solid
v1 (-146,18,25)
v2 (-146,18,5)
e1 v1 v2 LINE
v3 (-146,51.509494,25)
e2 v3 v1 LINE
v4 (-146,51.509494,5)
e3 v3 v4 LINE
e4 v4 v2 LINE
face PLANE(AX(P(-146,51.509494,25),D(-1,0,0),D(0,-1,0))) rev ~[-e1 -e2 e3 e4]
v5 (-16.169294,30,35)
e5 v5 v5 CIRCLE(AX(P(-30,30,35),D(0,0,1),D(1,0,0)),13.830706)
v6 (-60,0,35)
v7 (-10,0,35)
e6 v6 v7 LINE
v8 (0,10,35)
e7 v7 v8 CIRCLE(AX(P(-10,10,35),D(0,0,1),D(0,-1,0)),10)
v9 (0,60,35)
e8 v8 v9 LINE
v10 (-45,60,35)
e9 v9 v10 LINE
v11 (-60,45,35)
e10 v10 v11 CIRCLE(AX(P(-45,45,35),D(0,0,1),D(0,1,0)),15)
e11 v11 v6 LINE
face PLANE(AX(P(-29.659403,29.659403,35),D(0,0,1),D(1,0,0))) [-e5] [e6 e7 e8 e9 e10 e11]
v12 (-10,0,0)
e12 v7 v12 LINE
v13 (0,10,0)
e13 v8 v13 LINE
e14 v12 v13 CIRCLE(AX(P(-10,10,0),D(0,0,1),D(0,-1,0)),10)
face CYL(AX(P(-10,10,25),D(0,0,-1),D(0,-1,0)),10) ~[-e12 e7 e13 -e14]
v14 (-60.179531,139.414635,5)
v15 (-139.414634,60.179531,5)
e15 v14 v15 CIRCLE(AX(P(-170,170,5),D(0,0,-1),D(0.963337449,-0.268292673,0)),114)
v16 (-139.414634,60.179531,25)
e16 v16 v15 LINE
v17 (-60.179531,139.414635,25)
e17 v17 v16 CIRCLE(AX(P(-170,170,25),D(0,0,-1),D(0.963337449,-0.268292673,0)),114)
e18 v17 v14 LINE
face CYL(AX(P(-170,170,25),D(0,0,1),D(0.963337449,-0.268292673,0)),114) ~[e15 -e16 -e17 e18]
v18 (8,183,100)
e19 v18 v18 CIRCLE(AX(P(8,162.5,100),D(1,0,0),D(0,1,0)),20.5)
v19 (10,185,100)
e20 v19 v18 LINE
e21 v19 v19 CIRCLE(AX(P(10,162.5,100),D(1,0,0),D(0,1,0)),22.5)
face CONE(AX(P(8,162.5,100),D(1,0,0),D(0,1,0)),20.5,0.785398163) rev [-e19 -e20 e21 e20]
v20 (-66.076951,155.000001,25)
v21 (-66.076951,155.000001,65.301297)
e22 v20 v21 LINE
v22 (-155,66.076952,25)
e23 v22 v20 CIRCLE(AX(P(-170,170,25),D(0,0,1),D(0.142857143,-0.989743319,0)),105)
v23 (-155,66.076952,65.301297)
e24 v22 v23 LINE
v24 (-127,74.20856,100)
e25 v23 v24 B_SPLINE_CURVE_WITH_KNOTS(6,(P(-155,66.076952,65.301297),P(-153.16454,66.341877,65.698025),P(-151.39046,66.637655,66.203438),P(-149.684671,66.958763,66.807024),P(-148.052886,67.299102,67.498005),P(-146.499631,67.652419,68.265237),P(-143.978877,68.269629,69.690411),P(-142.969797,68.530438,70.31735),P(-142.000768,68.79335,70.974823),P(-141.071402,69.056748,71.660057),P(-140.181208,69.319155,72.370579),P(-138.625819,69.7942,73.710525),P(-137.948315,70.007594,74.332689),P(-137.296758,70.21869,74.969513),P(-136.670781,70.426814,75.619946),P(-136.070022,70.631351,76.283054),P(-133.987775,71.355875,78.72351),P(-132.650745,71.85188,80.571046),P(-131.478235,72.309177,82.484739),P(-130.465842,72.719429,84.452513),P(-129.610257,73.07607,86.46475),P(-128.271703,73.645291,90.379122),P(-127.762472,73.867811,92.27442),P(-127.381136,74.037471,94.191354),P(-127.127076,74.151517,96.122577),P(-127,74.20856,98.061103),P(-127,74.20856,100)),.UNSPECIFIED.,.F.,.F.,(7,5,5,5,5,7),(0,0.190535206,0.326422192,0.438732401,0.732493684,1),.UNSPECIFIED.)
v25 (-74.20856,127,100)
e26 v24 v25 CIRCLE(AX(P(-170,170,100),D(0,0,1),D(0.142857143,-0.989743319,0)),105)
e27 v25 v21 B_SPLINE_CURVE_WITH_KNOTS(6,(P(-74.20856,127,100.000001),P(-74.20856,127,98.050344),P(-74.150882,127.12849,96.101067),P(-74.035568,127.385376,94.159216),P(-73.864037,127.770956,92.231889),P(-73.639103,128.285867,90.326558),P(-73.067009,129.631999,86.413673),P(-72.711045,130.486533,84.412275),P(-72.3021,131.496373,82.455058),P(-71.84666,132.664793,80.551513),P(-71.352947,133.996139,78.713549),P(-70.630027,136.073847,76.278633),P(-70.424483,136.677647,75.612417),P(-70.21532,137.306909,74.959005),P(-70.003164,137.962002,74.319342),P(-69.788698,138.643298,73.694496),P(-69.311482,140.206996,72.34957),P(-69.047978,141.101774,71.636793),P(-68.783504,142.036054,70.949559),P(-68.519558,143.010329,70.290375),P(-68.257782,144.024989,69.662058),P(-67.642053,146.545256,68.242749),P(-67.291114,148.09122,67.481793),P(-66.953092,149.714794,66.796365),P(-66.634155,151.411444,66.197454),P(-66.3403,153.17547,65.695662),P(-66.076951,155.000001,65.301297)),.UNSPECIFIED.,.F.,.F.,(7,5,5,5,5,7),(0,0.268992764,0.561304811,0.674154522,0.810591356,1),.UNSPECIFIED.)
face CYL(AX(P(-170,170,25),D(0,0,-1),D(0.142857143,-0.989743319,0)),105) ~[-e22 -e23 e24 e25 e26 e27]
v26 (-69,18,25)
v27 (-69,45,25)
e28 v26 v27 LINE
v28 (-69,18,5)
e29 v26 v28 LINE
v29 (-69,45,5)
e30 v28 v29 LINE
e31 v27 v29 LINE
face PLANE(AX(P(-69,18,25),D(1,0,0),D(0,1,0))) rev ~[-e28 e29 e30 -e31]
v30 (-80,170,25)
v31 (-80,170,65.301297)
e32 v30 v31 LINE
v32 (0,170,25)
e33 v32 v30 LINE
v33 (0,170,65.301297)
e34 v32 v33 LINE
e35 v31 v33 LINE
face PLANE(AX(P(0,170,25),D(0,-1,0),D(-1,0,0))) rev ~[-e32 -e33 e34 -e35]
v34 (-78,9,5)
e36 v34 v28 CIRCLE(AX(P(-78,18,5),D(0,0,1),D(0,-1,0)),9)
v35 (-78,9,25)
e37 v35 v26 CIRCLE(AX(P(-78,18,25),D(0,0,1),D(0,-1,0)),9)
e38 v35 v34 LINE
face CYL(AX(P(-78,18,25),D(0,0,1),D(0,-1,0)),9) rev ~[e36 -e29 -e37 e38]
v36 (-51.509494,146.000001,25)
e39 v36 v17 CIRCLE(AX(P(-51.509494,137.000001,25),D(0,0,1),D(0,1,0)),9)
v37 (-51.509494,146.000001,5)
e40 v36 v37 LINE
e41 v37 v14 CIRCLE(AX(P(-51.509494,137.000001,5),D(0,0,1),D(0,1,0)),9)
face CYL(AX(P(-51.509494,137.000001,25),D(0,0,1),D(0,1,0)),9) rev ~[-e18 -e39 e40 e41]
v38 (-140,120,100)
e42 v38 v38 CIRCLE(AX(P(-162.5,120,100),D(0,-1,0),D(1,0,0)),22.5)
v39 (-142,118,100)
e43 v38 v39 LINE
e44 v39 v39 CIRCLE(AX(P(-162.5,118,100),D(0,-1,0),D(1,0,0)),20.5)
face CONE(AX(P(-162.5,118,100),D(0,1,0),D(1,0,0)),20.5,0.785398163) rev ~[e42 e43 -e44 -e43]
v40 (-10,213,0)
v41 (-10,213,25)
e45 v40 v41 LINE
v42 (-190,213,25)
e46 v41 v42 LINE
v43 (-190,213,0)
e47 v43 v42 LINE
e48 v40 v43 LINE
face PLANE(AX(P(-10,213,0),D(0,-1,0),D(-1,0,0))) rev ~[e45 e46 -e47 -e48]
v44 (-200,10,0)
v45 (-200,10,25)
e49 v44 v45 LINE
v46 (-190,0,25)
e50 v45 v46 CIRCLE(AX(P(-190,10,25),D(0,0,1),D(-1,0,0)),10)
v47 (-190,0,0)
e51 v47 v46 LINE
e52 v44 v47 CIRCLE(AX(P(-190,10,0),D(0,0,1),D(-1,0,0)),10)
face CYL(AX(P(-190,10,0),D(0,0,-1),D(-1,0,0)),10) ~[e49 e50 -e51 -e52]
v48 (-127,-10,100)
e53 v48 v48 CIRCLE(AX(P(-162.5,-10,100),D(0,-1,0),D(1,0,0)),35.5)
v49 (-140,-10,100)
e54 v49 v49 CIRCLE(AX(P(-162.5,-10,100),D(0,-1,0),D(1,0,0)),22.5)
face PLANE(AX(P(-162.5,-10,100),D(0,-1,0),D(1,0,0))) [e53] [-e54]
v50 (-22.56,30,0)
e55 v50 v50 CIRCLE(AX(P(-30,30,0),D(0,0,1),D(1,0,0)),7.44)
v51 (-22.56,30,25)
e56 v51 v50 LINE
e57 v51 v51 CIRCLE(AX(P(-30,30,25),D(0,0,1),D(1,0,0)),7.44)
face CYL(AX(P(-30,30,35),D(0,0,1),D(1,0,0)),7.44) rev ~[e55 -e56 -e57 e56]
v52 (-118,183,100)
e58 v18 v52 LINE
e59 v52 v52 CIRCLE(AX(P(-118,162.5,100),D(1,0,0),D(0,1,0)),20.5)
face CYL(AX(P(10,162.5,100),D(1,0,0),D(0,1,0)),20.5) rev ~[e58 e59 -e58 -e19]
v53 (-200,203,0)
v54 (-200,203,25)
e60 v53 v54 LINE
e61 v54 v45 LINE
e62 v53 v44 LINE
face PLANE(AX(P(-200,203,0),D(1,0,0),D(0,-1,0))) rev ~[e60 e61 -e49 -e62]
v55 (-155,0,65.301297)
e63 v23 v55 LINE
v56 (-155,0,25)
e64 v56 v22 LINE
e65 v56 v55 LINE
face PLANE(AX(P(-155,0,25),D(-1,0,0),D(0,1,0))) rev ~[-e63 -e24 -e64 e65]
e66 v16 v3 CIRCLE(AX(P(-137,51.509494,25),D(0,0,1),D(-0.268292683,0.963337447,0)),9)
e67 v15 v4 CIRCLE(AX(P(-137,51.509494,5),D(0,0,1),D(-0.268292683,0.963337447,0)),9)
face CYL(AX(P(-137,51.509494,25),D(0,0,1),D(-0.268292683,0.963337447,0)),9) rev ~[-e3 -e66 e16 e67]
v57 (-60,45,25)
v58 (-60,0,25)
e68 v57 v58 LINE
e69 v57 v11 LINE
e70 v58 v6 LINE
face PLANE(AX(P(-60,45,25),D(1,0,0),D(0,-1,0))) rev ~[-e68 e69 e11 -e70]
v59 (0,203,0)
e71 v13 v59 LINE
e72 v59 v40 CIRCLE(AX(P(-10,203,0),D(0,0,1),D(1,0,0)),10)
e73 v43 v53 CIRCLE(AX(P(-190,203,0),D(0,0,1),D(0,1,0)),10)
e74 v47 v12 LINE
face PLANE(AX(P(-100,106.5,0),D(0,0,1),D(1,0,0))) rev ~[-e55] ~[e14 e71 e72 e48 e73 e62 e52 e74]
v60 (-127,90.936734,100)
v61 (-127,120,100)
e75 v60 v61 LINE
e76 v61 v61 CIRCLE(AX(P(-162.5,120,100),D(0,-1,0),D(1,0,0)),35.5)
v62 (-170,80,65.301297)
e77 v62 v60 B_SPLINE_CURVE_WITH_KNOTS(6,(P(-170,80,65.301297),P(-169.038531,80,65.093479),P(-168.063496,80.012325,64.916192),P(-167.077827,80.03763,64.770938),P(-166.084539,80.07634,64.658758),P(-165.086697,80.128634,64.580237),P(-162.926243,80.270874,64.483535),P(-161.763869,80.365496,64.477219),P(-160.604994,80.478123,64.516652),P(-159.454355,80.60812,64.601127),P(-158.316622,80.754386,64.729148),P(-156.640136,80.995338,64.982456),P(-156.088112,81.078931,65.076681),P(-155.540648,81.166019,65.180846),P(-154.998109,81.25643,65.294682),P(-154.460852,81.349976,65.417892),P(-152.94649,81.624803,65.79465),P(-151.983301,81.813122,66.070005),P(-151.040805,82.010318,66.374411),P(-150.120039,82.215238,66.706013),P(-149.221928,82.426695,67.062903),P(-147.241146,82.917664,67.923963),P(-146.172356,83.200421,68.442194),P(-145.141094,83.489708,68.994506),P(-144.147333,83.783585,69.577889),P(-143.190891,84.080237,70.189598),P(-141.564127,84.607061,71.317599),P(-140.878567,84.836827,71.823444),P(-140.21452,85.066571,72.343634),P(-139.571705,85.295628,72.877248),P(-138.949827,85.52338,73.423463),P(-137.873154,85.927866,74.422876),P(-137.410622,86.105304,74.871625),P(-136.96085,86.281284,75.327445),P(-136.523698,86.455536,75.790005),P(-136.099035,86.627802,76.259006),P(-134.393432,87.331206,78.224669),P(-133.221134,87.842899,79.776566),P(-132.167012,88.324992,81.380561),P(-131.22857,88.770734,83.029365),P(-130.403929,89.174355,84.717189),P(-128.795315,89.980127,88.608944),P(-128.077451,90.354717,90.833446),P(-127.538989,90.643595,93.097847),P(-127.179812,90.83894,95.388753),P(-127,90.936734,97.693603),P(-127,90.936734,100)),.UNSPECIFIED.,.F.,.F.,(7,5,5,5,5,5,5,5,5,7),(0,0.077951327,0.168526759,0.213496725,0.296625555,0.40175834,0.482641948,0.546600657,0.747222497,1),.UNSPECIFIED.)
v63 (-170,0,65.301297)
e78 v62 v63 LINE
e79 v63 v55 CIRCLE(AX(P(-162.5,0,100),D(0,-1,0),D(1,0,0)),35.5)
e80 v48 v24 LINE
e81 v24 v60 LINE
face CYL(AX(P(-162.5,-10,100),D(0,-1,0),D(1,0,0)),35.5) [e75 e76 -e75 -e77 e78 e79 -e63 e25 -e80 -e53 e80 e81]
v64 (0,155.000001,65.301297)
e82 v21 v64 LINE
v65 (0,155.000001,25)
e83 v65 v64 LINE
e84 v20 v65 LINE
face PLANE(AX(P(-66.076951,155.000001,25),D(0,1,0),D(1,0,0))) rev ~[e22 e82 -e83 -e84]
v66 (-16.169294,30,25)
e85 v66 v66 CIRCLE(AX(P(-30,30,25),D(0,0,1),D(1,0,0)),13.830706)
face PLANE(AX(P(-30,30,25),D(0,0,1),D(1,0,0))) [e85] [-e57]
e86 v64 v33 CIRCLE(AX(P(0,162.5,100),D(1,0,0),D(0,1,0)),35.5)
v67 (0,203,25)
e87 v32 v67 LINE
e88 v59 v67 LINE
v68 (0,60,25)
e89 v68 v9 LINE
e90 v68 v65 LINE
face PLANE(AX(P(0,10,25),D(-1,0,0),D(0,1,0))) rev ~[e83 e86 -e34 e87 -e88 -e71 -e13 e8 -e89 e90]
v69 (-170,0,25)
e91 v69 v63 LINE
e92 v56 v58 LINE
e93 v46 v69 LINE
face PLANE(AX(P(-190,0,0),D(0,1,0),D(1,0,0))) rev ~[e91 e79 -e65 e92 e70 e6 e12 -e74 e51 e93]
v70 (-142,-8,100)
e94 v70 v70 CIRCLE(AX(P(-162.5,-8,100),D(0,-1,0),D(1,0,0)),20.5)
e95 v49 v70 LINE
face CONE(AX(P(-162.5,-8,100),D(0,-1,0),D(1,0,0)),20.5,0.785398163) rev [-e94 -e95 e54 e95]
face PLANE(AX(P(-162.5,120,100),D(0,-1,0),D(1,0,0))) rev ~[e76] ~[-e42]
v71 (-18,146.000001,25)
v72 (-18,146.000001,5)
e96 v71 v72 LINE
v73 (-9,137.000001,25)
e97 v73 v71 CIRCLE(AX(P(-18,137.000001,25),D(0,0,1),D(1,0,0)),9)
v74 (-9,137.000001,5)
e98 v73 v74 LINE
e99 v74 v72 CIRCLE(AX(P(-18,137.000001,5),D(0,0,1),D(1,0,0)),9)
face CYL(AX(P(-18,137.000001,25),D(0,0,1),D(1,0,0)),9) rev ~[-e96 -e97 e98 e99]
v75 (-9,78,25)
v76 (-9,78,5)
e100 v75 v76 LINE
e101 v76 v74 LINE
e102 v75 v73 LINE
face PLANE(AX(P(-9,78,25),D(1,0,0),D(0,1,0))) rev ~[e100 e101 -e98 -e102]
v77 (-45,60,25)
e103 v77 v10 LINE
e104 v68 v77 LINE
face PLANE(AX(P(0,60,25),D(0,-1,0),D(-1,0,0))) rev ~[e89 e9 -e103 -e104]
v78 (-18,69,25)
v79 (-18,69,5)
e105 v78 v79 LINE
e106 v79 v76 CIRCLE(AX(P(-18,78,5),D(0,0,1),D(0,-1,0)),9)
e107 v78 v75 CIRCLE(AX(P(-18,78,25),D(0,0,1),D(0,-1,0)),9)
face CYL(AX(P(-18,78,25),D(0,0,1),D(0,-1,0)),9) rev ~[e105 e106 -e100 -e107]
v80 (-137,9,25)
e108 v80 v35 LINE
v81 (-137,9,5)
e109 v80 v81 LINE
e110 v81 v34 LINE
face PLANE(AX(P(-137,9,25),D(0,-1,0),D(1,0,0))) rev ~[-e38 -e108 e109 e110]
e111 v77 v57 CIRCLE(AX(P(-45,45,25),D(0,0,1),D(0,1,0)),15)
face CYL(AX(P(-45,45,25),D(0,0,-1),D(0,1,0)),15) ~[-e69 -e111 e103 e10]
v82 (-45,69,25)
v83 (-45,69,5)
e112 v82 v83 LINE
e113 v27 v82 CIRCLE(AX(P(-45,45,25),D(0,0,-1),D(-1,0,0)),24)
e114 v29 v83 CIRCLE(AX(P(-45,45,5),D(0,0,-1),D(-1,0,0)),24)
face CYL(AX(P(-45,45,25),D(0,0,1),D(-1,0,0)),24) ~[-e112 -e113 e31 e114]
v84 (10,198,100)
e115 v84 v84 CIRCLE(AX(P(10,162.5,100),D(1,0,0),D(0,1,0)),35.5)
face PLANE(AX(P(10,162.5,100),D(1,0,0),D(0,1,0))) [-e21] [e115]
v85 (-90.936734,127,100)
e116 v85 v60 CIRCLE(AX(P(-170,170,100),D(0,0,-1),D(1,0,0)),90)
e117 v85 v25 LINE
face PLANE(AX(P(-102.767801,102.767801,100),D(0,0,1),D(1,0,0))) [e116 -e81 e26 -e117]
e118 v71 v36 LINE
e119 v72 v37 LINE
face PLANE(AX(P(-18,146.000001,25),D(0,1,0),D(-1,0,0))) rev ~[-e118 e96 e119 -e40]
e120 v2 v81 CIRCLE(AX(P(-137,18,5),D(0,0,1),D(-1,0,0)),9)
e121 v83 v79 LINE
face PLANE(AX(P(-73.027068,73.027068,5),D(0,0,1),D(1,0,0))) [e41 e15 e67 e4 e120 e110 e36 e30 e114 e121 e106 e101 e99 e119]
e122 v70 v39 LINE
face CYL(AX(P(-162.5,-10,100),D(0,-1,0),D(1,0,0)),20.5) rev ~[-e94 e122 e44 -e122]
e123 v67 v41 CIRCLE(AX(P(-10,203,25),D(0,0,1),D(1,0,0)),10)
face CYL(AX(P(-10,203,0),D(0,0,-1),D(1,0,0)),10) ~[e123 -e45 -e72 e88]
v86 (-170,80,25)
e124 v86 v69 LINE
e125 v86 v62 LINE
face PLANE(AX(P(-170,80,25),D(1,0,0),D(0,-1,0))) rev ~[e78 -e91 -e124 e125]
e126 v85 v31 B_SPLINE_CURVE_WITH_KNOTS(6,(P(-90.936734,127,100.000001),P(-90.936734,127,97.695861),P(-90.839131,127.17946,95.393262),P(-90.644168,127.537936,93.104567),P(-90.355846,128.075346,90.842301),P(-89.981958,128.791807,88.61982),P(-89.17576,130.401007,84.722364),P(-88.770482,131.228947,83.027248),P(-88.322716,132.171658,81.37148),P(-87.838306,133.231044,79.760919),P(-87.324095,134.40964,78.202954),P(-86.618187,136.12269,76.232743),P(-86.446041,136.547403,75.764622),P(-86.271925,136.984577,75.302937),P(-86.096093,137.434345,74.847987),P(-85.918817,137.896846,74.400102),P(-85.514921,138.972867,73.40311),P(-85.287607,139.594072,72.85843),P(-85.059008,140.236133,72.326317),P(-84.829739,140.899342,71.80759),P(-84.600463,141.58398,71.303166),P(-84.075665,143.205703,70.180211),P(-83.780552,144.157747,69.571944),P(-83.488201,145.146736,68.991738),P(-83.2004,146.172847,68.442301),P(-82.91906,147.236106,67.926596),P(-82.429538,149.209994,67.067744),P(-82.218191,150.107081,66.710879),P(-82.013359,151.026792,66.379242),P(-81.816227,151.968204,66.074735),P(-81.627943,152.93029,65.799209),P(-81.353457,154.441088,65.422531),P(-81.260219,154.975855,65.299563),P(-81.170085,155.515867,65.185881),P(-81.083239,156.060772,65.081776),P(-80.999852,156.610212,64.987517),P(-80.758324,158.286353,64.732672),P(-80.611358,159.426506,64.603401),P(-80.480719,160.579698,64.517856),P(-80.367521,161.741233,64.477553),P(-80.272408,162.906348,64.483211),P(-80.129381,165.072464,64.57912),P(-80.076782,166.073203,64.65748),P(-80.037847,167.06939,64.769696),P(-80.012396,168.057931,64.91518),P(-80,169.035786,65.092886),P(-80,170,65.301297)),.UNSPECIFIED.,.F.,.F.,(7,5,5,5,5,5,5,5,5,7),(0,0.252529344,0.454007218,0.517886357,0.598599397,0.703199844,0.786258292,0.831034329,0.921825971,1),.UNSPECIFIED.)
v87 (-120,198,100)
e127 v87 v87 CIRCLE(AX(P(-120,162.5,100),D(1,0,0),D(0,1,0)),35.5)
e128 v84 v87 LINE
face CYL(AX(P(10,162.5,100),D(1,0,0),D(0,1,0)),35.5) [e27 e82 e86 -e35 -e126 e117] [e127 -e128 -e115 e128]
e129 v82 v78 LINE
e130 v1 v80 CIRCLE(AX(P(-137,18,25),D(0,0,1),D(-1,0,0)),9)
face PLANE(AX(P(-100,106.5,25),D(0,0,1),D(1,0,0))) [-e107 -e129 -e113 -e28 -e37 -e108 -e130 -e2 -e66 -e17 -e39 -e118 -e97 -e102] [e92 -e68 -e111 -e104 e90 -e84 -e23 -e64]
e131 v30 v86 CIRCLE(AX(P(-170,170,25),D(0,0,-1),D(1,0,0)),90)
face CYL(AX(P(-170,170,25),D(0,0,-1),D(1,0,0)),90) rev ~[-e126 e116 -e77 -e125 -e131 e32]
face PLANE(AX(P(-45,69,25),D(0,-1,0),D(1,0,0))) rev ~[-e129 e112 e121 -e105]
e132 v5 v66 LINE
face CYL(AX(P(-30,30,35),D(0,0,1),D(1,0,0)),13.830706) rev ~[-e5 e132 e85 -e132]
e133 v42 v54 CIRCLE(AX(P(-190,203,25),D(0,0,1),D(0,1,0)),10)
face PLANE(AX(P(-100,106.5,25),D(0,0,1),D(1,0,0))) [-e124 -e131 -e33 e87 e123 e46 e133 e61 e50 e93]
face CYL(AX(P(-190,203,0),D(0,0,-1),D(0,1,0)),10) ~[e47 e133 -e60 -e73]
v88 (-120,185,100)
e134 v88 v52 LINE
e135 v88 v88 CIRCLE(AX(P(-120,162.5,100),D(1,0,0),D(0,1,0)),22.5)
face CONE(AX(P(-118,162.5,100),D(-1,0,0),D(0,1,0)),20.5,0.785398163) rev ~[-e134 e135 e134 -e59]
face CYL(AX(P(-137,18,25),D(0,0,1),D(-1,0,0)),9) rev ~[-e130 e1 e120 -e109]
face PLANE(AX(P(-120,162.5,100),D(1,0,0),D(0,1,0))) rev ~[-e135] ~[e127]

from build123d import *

# Parameters (mm, degrees)
F1_DEPTH  = 25
F3_DEPTH  = 75
F5_DEPTH  = 10
F7_R      = 13.8307060356
F7_R_2    = 7.44
F8_DEPTH  = 10
F9_DEPTH  = 35.001
F11_DEPTH = 20
F13_R     = 35.5
F14_DEPTH = 130
F15_R     = 20.5
F16_DEPTH = 223.001
F18_R     = 35.5
F19_DEPTH = 130
F20_R     = 20.5
F21_DEPTH = 210.001
F22_SIZE  = 2


with BuildPart() as f1:
    # F0 (on Top) → F1 (new body)
    with BuildSketch(Plane.XY):
        with BuildLine():
            Line((-190, 0), (-10, 0))
            ThreePointArc((-10, 0), (-2.9289321881, 2.9289321881), (0, 10))
            Line((0, 10), (0, 203))
            ThreePointArc((0, 203), (-2.9289321881, 210.0710678119), (-10, 213))
            Line((-10, 213), (-190, 213))
            ThreePointArc((-190, 213), (-197.0710678119, 210.0710678119), (-200, 203))
            Line((-200, 203), (-200, 10))
            ThreePointArc((-200, 10), (-197.0710678119, 2.9289321881), (-190, 0))
        make_face()
    extrude(amount=F1_DEPTH)

    # F2 (on face) → F3 (join)
    with BuildSketch(Plane.XY.offset(25)):
        with BuildLine():
            Line((0, 155.0000011921), (0, 170))
            Line((0, 170), (-80, 170))
            ThreePointArc((-80, 170), (-106.3603896932, 106.3603896932), (-170, 80))
            Line((-170, 80), (-170, 0))
            Line((-170, 0), (-155, 0))
            Line((-155, 0), (-155, 66.0769515459))
            ThreePointArc((-155, 66.0769515459), (-95.7537875496, 95.7537884012), (-66.0769513738, 155.0000011921))
            Line((-66.0769513738, 155.0000011921), (0, 155.0000011921))
        make_face()
    extrude(amount=F3_DEPTH)

    # F4 (on face) → F5 (join)
    with BuildSketch(Plane.XY.offset(25)):
        with BuildLine():
            Line((0, 60), (-45, 60))
            ThreePointArc((-45, 60), (-55.6066017178, 55.6066017178), (-60, 45))
            Line((-60, 45), (-60, 0))
            Line((-60, 0), (-10, 0))
            ThreePointArc((-10, 0), (-2.9289321881, 2.9289321881), (0, 10))
            Line((0, 10), (0, 60))
        make_face()
    extrude(amount=F5_DEPTH)

    # F7 (on face) → F8 (cut)
    with BuildSketch(Plane.XY.offset(35)):
        with Locations((-30, 30)):
            Circle(F7_R)
        with Locations((-30, 30)):
            Circle(F7_R_2, mode=Mode.SUBTRACT)
    extrude(amount=-F8_DEPTH, mode=Mode.SUBTRACT)

    # F7 (on face) → F9 (cut, through all)
    with BuildSketch(Plane.XY.offset(35)):
        with Locations((-30, 30)):
            Circle(F7_R_2)
    extrude(amount=-F9_DEPTH, mode=Mode.SUBTRACT)

    # F10 (on face) → F11 (cut)
    with BuildSketch(Plane.XY.offset(25)):
        with BuildLine():
            ThreePointArc((-78, 9), (-71.6360389693, 11.6360389693), (-69, 18))
            Line((-69, 18), (-69, 45))
            ThreePointArc((-69, 45), (-61.9705627485, 61.9705627485), (-45, 69))
            Line((-45, 69), (-18, 69))
            ThreePointArc((-18, 69), (-11.6360389693, 71.6360389693), (-9, 78))
            Line((-9, 78), (-9, 137.0000011921))
            ThreePointArc((-9, 137.0000011921), (-11.6360389693, 143.3639622228), (-18, 146.0000011921))
            Line((-18, 146.0000011921), (-51.5094937192, 146.0000011921))
            ThreePointArc((-51.5094937192, 146.0000011921), (-56.9532191654, 144.1669986991), (-60.1795307641, 139.4146352512))
            ThreePointArc((-60.1795307641, 139.4146352512), (-89.3898265392, 89.3898273502), (-139.4146341463, 60.1795310719))
            ThreePointArc((-139.4146341463, 60.1795310719), (-144.1669975344, 56.9532194614), (-146, 51.5094940512))
            Line((-146, 51.5094940512), (-146, 18))
            ThreePointArc((-146, 18), (-143.3639610307, 11.6360389693), (-137, 9))
            Line((-137, 9), (-78, 9))
        make_face()
    extrude(amount=-F11_DEPTH, mode=Mode.SUBTRACT)

    # F13 (on offset) → F14 (join)
    with BuildSketch(Plane.XZ.offset(10)):
        with Locations((-162.5, 100)):
            Circle(F13_R)
    extrude(amount=-F14_DEPTH)

    # F15 (on face) → F16 (cut, through all)
    with BuildSketch(Plane.XZ.offset(10)):
        with Locations((-162.5, 100)):
            Circle(F15_R)
    extrude(amount=-F16_DEPTH, mode=Mode.SUBTRACT)

    # F18 (on offset) → F19 (join)
    with BuildSketch(Plane.YZ.offset(10)):
        with Locations((162.5, 100)):
            Circle(F18_R)
    extrude(amount=-F19_DEPTH)

    # F20 (on face) → F21 (cut, through all)
    with BuildSketch(Plane.YZ.offset(10)):
        with Locations((162.5, 100)):
            Circle(F20_R)
    extrude(amount=-F21_DEPTH, mode=Mode.SUBTRACT)

    # F22
    f22_edges = [f1.edges().sort_by_distance(p)[0] for p in [
        (10, 142, 100),
        (-183, -10, 100),
        (-120, 142, 100),
        (-183, 120, 100),
    ]]
    chamfer(f22_edges, length=F22_SIZE)


solid = f1.part
